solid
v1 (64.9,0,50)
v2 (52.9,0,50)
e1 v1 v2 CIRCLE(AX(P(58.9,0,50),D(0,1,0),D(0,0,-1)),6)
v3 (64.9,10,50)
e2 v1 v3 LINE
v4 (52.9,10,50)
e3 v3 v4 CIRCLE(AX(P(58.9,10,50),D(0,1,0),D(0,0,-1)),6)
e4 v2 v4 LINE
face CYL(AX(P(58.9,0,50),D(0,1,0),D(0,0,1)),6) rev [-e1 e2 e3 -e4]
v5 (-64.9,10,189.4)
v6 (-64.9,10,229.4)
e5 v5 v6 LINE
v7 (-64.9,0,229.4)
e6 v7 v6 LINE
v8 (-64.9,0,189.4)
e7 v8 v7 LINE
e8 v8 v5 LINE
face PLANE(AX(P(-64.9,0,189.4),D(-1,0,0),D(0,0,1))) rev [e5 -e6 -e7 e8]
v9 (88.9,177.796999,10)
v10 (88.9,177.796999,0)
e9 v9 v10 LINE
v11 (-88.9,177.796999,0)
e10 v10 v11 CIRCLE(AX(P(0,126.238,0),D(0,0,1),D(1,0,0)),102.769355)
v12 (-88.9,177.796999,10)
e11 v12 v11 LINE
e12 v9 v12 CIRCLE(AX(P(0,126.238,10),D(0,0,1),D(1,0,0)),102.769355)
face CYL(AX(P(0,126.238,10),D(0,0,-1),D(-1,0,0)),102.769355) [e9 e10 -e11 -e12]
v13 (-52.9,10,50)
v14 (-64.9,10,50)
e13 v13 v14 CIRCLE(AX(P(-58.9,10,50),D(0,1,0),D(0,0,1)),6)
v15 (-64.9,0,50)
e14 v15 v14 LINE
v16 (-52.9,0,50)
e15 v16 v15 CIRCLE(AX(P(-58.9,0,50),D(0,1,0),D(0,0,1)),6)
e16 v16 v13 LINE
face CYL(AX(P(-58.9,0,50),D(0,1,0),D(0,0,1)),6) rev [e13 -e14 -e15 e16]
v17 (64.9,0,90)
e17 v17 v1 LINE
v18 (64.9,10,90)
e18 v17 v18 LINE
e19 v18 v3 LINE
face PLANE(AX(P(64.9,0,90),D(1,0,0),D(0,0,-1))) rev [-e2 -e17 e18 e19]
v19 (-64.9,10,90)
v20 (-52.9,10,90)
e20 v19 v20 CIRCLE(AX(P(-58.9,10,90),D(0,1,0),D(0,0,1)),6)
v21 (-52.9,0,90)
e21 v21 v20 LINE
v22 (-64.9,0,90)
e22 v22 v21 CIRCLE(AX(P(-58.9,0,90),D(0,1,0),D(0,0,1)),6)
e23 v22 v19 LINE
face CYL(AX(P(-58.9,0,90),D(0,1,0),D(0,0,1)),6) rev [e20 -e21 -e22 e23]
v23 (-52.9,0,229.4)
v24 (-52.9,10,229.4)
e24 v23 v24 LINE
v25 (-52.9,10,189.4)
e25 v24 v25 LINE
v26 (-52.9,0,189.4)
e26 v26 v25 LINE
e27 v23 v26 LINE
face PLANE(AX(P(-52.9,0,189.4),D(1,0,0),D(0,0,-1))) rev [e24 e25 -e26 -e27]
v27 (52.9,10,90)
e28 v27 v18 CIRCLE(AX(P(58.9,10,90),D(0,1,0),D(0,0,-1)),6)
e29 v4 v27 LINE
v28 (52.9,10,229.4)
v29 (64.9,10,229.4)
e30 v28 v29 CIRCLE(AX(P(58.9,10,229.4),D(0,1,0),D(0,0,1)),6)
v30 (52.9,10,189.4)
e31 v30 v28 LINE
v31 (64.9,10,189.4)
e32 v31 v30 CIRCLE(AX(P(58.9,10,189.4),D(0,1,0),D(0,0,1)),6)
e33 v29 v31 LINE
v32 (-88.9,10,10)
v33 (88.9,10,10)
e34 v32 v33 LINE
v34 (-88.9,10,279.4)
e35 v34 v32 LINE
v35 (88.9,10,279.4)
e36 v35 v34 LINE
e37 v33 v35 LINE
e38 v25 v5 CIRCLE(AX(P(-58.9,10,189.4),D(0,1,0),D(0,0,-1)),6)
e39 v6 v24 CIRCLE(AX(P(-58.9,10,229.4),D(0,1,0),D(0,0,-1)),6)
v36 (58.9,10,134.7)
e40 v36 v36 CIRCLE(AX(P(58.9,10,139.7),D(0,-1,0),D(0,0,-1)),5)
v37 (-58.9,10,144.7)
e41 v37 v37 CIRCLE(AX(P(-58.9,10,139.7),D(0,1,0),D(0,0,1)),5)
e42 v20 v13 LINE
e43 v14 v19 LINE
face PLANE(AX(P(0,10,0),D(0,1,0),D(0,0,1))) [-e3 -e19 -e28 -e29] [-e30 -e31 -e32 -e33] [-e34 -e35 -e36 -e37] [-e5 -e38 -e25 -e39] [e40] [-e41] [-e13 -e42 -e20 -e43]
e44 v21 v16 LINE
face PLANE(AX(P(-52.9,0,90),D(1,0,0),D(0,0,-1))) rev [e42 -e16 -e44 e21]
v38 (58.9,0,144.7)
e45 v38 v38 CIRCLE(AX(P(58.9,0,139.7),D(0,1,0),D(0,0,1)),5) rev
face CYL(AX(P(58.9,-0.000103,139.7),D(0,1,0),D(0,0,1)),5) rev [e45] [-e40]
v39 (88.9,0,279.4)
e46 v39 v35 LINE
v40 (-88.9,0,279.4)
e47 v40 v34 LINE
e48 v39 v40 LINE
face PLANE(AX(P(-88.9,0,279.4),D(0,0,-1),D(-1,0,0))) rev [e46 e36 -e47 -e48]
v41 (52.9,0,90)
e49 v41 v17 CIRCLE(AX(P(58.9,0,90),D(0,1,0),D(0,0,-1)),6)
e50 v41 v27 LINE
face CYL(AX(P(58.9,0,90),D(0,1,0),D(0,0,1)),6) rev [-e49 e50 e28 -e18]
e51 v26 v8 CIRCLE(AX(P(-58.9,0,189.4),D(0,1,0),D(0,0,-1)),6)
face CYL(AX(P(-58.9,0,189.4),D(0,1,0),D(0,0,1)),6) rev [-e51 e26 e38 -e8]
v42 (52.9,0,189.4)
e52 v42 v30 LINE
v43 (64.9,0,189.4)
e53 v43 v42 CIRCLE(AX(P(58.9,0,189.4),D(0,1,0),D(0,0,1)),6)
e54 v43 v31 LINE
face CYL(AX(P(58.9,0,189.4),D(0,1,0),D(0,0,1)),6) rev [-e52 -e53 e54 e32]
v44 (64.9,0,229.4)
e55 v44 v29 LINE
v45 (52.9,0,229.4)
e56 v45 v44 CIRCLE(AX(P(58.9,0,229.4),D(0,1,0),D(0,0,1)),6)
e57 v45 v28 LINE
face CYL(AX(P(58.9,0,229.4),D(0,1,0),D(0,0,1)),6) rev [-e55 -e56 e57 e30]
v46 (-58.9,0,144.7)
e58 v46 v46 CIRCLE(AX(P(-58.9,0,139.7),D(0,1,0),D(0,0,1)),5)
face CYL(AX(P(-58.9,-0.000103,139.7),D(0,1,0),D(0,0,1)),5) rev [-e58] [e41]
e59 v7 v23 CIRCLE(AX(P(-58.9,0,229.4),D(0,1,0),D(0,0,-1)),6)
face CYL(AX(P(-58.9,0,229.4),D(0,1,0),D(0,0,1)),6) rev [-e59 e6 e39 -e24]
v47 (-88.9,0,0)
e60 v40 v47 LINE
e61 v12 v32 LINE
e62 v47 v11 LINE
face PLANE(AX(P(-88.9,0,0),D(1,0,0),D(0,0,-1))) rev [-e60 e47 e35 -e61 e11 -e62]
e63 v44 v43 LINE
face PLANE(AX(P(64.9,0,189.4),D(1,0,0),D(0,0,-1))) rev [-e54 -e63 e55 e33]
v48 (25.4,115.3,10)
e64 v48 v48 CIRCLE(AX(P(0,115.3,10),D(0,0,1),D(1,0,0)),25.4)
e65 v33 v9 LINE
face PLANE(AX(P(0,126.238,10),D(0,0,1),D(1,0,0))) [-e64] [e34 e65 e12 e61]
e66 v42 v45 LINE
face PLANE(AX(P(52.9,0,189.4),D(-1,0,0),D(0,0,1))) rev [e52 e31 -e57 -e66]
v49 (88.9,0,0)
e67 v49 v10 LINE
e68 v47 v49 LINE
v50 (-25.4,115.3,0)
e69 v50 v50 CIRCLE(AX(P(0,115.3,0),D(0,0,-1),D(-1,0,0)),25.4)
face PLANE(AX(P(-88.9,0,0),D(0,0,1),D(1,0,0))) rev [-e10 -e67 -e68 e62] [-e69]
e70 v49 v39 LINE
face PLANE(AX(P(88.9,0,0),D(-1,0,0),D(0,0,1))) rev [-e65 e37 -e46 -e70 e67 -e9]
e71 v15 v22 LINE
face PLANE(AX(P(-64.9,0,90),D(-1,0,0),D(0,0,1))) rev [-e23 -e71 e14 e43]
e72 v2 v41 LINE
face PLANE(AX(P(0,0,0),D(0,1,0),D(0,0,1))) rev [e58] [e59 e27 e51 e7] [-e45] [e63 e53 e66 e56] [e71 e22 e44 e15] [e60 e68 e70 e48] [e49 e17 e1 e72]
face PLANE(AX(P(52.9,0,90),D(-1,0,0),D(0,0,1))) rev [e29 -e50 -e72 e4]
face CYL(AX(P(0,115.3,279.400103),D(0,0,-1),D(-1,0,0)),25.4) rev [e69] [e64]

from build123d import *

# Parameters (mm, degrees)
BOSS_EXTRUDE2_DEPTH = 10
BOSS_EXTRUDE3_DEPTH = 10
SKETCH2_R           = 25.4
CUT_EXTRUDE2_DEPTH  = 373.037550256
CUT_EXTRUDE5_DEPTH  = 10
SKETCH4_R           = 5
CUT_EXTRUDE6_DEPTH  = 366.966927049


with BuildPart() as part:
    # 3DSketch1 → Boss-Extrude2 (new body)
    with BuildSketch(Plane(origin=(88.9, 0, 0), x_dir=(-0.5368754921931593, 0, 0.8436614877321076), z_dir=(0, 1, 0))):
        Polygon((0, 0), (235.719019672, 150.003012519), (331.175482184, 0), (95.456462512, -150.003012519), align=None)
    extrude(amount=BOSS_EXTRUDE2_DEPTH)

    # Sketch1 → Boss-Extrude3 (add)
    with BuildSketch(Plane.XY):
        with BuildLine():
            Line((-88.9, 0), (88.9, 0))
            Line((88.9, 0), (88.9, 177.796999188))
            ThreePointArc((88.9, 177.796999188), (0, 229.007355341), (-88.9, 177.796999188))
            Line((-88.9, 177.796999188), (-88.9, 0))
        make_face()
    extrude(amount=BOSS_EXTRUDE3_DEPTH)

    # Sketch2 → Cut-Extrude2 (cut, through all)
    with BuildSketch(Plane(origin=(0, 0, 0), x_dir=(-1, 0, 0), z_dir=(0, 0, -1))):
        with Locations((0, 115.3)):
            Circle(SKETCH2_R)
    extrude(amount=-CUT_EXTRUDE2_DEPTH, mode=Mode.SUBTRACT)

    # Sketch3 → Cut-Extrude5 (cut)
    with BuildSketch(Plane(origin=(0, 10, 0), x_dir=(1, 0, 0), z_dir=(0, 1, 0))):
        with BuildLine():
            Line((-64.9, -90), (-64.9, -50))
            ThreePointArc((-64.9, -50), (-58.9, -44), (-52.9, -50))
            Line((-52.9, -50), (-52.9, -90))
            ThreePointArc((-52.9, -90), (-58.9, -96), (-64.9, -90))
        make_face()
        with BuildLine():
            Line((64.9, -90), (64.9, -50))
            ThreePointArc((64.9, -50), (58.9, -44), (52.9, -50))
            Line((52.9, -50), (52.9, -90))
            ThreePointArc((52.9, -90), (58.9, -96), (64.9, -90))
        make_face()
        with BuildLine():
            Line((64.9, -189.4), (64.9, -229.4))
            ThreePointArc((64.9, -229.4), (58.9, -235.4), (52.9, -229.4))
            Line((52.9, -229.4), (52.9, -189.4))
            ThreePointArc((52.9, -189.4), (58.9, -183.4), (64.9, -189.4))
        make_face()
        with BuildLine():
            Line((-64.9, -189.4), (-64.9, -229.4))
            ThreePointArc((-64.9, -229.4), (-58.9, -235.4), (-52.9, -229.4))
            Line((-52.9, -229.4), (-52.9, -189.4))
            ThreePointArc((-52.9, -189.4), (-58.9, -183.4), (-64.9, -189.4))
        make_face()
    extrude(amount=-CUT_EXTRUDE5_DEPTH, mode=Mode.SUBTRACT)

    # Sketch4 → Cut-Extrude6 (cut, through all)
    with BuildSketch(Plane(origin=(0, 10, 0), x_dir=(1, 0, 0), z_dir=(0, 1, 0))):
        with Locations(Location((-58.9, -139.7, 0), (0, 0, 270))):
            Circle(SKETCH4_R)
        with Locations(Location((58.9, -139.7, 0), (0, 0, 270))):
            Circle(SKETCH4_R)
    extrude(amount=-CUT_EXTRUDE6_DEPTH, mode=Mode.SUBTRACT)


solid = part.part
